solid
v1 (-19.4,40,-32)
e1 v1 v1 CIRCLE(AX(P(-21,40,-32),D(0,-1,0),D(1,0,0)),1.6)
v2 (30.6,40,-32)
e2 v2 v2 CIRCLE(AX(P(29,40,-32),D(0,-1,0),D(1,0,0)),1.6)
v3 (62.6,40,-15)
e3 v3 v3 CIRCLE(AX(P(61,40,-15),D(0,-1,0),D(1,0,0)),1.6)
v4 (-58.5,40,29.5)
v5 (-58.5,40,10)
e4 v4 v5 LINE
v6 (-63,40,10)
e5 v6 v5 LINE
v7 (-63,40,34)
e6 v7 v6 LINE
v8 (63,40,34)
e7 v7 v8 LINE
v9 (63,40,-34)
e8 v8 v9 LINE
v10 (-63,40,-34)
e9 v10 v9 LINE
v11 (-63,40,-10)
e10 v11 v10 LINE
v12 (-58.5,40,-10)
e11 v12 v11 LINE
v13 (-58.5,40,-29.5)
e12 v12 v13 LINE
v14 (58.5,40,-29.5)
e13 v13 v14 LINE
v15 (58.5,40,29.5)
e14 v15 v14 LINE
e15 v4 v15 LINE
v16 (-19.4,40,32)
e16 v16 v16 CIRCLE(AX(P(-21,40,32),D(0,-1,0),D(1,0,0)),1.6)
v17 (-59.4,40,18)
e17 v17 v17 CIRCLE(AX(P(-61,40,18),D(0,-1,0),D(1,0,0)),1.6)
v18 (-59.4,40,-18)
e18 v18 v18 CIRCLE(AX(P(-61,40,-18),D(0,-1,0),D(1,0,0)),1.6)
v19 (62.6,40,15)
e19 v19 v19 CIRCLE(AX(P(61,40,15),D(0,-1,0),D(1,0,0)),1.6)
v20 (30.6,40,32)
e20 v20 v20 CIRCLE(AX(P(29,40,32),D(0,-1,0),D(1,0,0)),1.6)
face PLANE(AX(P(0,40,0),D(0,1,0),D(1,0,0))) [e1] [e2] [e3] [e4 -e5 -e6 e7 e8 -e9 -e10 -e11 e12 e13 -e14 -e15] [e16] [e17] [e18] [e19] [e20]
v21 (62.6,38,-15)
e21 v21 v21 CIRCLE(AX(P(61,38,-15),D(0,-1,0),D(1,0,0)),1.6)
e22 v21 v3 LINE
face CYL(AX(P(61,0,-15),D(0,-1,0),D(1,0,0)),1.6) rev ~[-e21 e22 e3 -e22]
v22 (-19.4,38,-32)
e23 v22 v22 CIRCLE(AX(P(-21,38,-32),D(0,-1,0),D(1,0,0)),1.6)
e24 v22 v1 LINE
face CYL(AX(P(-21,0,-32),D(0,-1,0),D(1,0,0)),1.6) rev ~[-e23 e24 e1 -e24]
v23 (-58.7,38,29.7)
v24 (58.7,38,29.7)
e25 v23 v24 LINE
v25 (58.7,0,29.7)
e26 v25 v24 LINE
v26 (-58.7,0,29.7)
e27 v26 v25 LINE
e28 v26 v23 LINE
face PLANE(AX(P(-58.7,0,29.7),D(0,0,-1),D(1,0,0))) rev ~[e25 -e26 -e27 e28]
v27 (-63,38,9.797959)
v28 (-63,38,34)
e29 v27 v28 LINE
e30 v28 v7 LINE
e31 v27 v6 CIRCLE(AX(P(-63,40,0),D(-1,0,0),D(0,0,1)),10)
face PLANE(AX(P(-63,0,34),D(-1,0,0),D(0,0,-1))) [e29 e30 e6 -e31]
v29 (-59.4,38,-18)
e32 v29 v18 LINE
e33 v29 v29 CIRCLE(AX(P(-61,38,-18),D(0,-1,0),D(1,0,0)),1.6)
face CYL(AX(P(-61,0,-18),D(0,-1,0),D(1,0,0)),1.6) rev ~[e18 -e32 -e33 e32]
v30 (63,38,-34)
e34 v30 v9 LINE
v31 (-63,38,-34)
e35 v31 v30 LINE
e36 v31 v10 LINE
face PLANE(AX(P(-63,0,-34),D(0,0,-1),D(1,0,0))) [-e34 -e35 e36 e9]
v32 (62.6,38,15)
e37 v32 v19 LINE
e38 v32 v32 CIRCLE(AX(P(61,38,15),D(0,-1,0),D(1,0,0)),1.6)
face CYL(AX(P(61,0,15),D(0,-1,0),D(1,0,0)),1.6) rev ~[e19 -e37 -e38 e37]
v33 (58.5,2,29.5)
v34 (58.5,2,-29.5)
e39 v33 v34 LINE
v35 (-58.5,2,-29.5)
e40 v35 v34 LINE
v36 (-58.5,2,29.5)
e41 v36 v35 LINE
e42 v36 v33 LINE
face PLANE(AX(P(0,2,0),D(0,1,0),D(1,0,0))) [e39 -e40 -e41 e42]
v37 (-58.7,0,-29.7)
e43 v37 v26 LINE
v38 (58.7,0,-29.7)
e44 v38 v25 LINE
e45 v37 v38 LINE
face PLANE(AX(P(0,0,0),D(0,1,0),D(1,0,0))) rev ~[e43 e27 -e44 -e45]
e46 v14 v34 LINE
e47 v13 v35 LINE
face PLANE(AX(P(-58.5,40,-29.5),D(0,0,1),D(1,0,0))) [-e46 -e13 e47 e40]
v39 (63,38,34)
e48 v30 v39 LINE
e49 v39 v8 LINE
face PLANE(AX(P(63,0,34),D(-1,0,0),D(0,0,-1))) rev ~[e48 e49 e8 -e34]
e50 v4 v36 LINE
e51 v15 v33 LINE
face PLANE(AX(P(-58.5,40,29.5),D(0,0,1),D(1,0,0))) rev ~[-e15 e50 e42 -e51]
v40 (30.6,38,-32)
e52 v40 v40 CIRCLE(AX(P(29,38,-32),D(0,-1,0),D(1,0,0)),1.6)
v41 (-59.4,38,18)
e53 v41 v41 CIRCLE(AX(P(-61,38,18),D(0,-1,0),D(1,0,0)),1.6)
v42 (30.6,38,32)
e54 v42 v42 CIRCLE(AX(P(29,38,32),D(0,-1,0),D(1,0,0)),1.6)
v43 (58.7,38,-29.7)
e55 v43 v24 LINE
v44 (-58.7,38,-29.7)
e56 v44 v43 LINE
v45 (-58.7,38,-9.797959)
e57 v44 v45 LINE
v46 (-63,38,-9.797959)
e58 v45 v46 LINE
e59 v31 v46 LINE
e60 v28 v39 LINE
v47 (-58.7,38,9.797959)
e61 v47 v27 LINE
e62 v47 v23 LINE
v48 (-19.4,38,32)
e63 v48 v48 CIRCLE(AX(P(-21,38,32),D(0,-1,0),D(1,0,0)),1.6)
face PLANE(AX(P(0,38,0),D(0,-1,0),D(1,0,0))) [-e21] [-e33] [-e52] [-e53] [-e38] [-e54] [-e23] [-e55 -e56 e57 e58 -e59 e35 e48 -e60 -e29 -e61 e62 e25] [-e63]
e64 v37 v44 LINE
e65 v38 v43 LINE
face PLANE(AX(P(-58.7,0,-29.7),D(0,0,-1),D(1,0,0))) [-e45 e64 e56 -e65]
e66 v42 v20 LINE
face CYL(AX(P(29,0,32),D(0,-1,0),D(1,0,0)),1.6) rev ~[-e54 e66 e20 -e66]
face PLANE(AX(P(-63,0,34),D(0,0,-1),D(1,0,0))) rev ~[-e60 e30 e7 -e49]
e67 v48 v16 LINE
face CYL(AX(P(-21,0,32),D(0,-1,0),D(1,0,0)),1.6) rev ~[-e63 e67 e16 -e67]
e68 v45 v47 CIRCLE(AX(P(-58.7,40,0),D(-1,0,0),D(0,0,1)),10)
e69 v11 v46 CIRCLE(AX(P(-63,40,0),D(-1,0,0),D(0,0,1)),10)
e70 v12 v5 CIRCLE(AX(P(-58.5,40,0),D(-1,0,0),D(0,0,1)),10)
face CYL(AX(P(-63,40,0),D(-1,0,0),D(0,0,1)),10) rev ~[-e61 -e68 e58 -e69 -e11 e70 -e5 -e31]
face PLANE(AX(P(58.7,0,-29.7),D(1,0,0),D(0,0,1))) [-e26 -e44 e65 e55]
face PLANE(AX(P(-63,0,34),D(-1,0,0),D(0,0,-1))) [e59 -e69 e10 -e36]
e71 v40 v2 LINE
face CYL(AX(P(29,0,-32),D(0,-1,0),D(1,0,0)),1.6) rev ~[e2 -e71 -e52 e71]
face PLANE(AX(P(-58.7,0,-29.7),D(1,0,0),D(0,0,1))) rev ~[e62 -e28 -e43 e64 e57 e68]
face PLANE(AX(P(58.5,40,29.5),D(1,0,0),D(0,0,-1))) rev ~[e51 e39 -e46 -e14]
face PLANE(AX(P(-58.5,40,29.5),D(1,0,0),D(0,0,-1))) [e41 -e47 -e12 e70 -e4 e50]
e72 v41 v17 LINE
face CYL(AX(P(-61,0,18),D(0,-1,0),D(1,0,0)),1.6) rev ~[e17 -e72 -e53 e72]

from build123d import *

# Parameters (mm, degrees)
SKETCH1_W           = 126
SKETCH1_H           = 68
BOSS_EXTRUDE1_DEPTH = 40
SKETCH2_W           = 117
SKETCH2_H           = 59
CUT_EXTRUDE1_DEPTH  = 38
SKETCH3_W           = 126
SKETCH3_H           = 68
SKETCH3_W_2         = 117.4
SKETCH3_H_2         = 59.4
CUT_EXTRUDE2_DEPTH  = 38
SKETCH4_R           = 10
CUT_EXTRUDE3_DEPTH  = 38
SKETCH6_R           = 1.6
CUT_EXTRUDE4_DEPTH  = 41


with BuildPart() as part:
    # Sketch1 → Boss-Extrude1 (new body)
    with BuildSketch(Plane(origin=(0, 0, 0), x_dir=(1, 0, 0), z_dir=(0, 1, 0))):
        Rectangle(SKETCH1_W, SKETCH1_H)
    extrude(amount=BOSS_EXTRUDE1_DEPTH)

    # Sketch2 → Cut-Extrude1 (cut)
    with BuildSketch(Plane(origin=(0, 40, 0), x_dir=(1, 0, 0), z_dir=(0, 1, 0))):
        Rectangle(SKETCH2_W, SKETCH2_H)
    extrude(amount=-CUT_EXTRUDE1_DEPTH, mode=Mode.SUBTRACT)

    # Sketch3 → Cut-Extrude2 (cut)
    with BuildSketch(Plane.XZ):
        Rectangle(SKETCH3_W, SKETCH3_H)
        Rectangle(SKETCH3_W_2, SKETCH3_H_2, mode=Mode.SUBTRACT)
    extrude(amount=-CUT_EXTRUDE2_DEPTH, mode=Mode.SUBTRACT)

    # Sketch4 → Cut-Extrude3 (cut)
    with BuildSketch(Plane.ZY.offset(63)):
        with Locations((0, 40)):
            Circle(SKETCH4_R)
    extrude(amount=-CUT_EXTRUDE3_DEPTH, mode=Mode.SUBTRACT)

    # Sketch6 → Cut-Extrude4 (cut, through all)
    with BuildSketch(Plane.XZ):
        with Locations((61, 15)):
            Circle(SKETCH6_R)
        with Locations((-61, 18)):
            Circle(SKETCH6_R)
        with Locations((-61, -18)):
            Circle(SKETCH6_R)
        with Locations((61, -15)):
            Circle(SKETCH6_R)
        with Locations((-21, 32)):
            Circle(SKETCH6_R)
        with Locations((-21, -32)):
            Circle(SKETCH6_R)
        with Locations((29, 32)):
            Circle(SKETCH6_R)
        with Locations((29, -32)):
            Circle(SKETCH6_R)
    extrude(amount=-CUT_EXTRUDE4_DEPTH, mode=Mode.SUBTRACT)


solid = part.part
